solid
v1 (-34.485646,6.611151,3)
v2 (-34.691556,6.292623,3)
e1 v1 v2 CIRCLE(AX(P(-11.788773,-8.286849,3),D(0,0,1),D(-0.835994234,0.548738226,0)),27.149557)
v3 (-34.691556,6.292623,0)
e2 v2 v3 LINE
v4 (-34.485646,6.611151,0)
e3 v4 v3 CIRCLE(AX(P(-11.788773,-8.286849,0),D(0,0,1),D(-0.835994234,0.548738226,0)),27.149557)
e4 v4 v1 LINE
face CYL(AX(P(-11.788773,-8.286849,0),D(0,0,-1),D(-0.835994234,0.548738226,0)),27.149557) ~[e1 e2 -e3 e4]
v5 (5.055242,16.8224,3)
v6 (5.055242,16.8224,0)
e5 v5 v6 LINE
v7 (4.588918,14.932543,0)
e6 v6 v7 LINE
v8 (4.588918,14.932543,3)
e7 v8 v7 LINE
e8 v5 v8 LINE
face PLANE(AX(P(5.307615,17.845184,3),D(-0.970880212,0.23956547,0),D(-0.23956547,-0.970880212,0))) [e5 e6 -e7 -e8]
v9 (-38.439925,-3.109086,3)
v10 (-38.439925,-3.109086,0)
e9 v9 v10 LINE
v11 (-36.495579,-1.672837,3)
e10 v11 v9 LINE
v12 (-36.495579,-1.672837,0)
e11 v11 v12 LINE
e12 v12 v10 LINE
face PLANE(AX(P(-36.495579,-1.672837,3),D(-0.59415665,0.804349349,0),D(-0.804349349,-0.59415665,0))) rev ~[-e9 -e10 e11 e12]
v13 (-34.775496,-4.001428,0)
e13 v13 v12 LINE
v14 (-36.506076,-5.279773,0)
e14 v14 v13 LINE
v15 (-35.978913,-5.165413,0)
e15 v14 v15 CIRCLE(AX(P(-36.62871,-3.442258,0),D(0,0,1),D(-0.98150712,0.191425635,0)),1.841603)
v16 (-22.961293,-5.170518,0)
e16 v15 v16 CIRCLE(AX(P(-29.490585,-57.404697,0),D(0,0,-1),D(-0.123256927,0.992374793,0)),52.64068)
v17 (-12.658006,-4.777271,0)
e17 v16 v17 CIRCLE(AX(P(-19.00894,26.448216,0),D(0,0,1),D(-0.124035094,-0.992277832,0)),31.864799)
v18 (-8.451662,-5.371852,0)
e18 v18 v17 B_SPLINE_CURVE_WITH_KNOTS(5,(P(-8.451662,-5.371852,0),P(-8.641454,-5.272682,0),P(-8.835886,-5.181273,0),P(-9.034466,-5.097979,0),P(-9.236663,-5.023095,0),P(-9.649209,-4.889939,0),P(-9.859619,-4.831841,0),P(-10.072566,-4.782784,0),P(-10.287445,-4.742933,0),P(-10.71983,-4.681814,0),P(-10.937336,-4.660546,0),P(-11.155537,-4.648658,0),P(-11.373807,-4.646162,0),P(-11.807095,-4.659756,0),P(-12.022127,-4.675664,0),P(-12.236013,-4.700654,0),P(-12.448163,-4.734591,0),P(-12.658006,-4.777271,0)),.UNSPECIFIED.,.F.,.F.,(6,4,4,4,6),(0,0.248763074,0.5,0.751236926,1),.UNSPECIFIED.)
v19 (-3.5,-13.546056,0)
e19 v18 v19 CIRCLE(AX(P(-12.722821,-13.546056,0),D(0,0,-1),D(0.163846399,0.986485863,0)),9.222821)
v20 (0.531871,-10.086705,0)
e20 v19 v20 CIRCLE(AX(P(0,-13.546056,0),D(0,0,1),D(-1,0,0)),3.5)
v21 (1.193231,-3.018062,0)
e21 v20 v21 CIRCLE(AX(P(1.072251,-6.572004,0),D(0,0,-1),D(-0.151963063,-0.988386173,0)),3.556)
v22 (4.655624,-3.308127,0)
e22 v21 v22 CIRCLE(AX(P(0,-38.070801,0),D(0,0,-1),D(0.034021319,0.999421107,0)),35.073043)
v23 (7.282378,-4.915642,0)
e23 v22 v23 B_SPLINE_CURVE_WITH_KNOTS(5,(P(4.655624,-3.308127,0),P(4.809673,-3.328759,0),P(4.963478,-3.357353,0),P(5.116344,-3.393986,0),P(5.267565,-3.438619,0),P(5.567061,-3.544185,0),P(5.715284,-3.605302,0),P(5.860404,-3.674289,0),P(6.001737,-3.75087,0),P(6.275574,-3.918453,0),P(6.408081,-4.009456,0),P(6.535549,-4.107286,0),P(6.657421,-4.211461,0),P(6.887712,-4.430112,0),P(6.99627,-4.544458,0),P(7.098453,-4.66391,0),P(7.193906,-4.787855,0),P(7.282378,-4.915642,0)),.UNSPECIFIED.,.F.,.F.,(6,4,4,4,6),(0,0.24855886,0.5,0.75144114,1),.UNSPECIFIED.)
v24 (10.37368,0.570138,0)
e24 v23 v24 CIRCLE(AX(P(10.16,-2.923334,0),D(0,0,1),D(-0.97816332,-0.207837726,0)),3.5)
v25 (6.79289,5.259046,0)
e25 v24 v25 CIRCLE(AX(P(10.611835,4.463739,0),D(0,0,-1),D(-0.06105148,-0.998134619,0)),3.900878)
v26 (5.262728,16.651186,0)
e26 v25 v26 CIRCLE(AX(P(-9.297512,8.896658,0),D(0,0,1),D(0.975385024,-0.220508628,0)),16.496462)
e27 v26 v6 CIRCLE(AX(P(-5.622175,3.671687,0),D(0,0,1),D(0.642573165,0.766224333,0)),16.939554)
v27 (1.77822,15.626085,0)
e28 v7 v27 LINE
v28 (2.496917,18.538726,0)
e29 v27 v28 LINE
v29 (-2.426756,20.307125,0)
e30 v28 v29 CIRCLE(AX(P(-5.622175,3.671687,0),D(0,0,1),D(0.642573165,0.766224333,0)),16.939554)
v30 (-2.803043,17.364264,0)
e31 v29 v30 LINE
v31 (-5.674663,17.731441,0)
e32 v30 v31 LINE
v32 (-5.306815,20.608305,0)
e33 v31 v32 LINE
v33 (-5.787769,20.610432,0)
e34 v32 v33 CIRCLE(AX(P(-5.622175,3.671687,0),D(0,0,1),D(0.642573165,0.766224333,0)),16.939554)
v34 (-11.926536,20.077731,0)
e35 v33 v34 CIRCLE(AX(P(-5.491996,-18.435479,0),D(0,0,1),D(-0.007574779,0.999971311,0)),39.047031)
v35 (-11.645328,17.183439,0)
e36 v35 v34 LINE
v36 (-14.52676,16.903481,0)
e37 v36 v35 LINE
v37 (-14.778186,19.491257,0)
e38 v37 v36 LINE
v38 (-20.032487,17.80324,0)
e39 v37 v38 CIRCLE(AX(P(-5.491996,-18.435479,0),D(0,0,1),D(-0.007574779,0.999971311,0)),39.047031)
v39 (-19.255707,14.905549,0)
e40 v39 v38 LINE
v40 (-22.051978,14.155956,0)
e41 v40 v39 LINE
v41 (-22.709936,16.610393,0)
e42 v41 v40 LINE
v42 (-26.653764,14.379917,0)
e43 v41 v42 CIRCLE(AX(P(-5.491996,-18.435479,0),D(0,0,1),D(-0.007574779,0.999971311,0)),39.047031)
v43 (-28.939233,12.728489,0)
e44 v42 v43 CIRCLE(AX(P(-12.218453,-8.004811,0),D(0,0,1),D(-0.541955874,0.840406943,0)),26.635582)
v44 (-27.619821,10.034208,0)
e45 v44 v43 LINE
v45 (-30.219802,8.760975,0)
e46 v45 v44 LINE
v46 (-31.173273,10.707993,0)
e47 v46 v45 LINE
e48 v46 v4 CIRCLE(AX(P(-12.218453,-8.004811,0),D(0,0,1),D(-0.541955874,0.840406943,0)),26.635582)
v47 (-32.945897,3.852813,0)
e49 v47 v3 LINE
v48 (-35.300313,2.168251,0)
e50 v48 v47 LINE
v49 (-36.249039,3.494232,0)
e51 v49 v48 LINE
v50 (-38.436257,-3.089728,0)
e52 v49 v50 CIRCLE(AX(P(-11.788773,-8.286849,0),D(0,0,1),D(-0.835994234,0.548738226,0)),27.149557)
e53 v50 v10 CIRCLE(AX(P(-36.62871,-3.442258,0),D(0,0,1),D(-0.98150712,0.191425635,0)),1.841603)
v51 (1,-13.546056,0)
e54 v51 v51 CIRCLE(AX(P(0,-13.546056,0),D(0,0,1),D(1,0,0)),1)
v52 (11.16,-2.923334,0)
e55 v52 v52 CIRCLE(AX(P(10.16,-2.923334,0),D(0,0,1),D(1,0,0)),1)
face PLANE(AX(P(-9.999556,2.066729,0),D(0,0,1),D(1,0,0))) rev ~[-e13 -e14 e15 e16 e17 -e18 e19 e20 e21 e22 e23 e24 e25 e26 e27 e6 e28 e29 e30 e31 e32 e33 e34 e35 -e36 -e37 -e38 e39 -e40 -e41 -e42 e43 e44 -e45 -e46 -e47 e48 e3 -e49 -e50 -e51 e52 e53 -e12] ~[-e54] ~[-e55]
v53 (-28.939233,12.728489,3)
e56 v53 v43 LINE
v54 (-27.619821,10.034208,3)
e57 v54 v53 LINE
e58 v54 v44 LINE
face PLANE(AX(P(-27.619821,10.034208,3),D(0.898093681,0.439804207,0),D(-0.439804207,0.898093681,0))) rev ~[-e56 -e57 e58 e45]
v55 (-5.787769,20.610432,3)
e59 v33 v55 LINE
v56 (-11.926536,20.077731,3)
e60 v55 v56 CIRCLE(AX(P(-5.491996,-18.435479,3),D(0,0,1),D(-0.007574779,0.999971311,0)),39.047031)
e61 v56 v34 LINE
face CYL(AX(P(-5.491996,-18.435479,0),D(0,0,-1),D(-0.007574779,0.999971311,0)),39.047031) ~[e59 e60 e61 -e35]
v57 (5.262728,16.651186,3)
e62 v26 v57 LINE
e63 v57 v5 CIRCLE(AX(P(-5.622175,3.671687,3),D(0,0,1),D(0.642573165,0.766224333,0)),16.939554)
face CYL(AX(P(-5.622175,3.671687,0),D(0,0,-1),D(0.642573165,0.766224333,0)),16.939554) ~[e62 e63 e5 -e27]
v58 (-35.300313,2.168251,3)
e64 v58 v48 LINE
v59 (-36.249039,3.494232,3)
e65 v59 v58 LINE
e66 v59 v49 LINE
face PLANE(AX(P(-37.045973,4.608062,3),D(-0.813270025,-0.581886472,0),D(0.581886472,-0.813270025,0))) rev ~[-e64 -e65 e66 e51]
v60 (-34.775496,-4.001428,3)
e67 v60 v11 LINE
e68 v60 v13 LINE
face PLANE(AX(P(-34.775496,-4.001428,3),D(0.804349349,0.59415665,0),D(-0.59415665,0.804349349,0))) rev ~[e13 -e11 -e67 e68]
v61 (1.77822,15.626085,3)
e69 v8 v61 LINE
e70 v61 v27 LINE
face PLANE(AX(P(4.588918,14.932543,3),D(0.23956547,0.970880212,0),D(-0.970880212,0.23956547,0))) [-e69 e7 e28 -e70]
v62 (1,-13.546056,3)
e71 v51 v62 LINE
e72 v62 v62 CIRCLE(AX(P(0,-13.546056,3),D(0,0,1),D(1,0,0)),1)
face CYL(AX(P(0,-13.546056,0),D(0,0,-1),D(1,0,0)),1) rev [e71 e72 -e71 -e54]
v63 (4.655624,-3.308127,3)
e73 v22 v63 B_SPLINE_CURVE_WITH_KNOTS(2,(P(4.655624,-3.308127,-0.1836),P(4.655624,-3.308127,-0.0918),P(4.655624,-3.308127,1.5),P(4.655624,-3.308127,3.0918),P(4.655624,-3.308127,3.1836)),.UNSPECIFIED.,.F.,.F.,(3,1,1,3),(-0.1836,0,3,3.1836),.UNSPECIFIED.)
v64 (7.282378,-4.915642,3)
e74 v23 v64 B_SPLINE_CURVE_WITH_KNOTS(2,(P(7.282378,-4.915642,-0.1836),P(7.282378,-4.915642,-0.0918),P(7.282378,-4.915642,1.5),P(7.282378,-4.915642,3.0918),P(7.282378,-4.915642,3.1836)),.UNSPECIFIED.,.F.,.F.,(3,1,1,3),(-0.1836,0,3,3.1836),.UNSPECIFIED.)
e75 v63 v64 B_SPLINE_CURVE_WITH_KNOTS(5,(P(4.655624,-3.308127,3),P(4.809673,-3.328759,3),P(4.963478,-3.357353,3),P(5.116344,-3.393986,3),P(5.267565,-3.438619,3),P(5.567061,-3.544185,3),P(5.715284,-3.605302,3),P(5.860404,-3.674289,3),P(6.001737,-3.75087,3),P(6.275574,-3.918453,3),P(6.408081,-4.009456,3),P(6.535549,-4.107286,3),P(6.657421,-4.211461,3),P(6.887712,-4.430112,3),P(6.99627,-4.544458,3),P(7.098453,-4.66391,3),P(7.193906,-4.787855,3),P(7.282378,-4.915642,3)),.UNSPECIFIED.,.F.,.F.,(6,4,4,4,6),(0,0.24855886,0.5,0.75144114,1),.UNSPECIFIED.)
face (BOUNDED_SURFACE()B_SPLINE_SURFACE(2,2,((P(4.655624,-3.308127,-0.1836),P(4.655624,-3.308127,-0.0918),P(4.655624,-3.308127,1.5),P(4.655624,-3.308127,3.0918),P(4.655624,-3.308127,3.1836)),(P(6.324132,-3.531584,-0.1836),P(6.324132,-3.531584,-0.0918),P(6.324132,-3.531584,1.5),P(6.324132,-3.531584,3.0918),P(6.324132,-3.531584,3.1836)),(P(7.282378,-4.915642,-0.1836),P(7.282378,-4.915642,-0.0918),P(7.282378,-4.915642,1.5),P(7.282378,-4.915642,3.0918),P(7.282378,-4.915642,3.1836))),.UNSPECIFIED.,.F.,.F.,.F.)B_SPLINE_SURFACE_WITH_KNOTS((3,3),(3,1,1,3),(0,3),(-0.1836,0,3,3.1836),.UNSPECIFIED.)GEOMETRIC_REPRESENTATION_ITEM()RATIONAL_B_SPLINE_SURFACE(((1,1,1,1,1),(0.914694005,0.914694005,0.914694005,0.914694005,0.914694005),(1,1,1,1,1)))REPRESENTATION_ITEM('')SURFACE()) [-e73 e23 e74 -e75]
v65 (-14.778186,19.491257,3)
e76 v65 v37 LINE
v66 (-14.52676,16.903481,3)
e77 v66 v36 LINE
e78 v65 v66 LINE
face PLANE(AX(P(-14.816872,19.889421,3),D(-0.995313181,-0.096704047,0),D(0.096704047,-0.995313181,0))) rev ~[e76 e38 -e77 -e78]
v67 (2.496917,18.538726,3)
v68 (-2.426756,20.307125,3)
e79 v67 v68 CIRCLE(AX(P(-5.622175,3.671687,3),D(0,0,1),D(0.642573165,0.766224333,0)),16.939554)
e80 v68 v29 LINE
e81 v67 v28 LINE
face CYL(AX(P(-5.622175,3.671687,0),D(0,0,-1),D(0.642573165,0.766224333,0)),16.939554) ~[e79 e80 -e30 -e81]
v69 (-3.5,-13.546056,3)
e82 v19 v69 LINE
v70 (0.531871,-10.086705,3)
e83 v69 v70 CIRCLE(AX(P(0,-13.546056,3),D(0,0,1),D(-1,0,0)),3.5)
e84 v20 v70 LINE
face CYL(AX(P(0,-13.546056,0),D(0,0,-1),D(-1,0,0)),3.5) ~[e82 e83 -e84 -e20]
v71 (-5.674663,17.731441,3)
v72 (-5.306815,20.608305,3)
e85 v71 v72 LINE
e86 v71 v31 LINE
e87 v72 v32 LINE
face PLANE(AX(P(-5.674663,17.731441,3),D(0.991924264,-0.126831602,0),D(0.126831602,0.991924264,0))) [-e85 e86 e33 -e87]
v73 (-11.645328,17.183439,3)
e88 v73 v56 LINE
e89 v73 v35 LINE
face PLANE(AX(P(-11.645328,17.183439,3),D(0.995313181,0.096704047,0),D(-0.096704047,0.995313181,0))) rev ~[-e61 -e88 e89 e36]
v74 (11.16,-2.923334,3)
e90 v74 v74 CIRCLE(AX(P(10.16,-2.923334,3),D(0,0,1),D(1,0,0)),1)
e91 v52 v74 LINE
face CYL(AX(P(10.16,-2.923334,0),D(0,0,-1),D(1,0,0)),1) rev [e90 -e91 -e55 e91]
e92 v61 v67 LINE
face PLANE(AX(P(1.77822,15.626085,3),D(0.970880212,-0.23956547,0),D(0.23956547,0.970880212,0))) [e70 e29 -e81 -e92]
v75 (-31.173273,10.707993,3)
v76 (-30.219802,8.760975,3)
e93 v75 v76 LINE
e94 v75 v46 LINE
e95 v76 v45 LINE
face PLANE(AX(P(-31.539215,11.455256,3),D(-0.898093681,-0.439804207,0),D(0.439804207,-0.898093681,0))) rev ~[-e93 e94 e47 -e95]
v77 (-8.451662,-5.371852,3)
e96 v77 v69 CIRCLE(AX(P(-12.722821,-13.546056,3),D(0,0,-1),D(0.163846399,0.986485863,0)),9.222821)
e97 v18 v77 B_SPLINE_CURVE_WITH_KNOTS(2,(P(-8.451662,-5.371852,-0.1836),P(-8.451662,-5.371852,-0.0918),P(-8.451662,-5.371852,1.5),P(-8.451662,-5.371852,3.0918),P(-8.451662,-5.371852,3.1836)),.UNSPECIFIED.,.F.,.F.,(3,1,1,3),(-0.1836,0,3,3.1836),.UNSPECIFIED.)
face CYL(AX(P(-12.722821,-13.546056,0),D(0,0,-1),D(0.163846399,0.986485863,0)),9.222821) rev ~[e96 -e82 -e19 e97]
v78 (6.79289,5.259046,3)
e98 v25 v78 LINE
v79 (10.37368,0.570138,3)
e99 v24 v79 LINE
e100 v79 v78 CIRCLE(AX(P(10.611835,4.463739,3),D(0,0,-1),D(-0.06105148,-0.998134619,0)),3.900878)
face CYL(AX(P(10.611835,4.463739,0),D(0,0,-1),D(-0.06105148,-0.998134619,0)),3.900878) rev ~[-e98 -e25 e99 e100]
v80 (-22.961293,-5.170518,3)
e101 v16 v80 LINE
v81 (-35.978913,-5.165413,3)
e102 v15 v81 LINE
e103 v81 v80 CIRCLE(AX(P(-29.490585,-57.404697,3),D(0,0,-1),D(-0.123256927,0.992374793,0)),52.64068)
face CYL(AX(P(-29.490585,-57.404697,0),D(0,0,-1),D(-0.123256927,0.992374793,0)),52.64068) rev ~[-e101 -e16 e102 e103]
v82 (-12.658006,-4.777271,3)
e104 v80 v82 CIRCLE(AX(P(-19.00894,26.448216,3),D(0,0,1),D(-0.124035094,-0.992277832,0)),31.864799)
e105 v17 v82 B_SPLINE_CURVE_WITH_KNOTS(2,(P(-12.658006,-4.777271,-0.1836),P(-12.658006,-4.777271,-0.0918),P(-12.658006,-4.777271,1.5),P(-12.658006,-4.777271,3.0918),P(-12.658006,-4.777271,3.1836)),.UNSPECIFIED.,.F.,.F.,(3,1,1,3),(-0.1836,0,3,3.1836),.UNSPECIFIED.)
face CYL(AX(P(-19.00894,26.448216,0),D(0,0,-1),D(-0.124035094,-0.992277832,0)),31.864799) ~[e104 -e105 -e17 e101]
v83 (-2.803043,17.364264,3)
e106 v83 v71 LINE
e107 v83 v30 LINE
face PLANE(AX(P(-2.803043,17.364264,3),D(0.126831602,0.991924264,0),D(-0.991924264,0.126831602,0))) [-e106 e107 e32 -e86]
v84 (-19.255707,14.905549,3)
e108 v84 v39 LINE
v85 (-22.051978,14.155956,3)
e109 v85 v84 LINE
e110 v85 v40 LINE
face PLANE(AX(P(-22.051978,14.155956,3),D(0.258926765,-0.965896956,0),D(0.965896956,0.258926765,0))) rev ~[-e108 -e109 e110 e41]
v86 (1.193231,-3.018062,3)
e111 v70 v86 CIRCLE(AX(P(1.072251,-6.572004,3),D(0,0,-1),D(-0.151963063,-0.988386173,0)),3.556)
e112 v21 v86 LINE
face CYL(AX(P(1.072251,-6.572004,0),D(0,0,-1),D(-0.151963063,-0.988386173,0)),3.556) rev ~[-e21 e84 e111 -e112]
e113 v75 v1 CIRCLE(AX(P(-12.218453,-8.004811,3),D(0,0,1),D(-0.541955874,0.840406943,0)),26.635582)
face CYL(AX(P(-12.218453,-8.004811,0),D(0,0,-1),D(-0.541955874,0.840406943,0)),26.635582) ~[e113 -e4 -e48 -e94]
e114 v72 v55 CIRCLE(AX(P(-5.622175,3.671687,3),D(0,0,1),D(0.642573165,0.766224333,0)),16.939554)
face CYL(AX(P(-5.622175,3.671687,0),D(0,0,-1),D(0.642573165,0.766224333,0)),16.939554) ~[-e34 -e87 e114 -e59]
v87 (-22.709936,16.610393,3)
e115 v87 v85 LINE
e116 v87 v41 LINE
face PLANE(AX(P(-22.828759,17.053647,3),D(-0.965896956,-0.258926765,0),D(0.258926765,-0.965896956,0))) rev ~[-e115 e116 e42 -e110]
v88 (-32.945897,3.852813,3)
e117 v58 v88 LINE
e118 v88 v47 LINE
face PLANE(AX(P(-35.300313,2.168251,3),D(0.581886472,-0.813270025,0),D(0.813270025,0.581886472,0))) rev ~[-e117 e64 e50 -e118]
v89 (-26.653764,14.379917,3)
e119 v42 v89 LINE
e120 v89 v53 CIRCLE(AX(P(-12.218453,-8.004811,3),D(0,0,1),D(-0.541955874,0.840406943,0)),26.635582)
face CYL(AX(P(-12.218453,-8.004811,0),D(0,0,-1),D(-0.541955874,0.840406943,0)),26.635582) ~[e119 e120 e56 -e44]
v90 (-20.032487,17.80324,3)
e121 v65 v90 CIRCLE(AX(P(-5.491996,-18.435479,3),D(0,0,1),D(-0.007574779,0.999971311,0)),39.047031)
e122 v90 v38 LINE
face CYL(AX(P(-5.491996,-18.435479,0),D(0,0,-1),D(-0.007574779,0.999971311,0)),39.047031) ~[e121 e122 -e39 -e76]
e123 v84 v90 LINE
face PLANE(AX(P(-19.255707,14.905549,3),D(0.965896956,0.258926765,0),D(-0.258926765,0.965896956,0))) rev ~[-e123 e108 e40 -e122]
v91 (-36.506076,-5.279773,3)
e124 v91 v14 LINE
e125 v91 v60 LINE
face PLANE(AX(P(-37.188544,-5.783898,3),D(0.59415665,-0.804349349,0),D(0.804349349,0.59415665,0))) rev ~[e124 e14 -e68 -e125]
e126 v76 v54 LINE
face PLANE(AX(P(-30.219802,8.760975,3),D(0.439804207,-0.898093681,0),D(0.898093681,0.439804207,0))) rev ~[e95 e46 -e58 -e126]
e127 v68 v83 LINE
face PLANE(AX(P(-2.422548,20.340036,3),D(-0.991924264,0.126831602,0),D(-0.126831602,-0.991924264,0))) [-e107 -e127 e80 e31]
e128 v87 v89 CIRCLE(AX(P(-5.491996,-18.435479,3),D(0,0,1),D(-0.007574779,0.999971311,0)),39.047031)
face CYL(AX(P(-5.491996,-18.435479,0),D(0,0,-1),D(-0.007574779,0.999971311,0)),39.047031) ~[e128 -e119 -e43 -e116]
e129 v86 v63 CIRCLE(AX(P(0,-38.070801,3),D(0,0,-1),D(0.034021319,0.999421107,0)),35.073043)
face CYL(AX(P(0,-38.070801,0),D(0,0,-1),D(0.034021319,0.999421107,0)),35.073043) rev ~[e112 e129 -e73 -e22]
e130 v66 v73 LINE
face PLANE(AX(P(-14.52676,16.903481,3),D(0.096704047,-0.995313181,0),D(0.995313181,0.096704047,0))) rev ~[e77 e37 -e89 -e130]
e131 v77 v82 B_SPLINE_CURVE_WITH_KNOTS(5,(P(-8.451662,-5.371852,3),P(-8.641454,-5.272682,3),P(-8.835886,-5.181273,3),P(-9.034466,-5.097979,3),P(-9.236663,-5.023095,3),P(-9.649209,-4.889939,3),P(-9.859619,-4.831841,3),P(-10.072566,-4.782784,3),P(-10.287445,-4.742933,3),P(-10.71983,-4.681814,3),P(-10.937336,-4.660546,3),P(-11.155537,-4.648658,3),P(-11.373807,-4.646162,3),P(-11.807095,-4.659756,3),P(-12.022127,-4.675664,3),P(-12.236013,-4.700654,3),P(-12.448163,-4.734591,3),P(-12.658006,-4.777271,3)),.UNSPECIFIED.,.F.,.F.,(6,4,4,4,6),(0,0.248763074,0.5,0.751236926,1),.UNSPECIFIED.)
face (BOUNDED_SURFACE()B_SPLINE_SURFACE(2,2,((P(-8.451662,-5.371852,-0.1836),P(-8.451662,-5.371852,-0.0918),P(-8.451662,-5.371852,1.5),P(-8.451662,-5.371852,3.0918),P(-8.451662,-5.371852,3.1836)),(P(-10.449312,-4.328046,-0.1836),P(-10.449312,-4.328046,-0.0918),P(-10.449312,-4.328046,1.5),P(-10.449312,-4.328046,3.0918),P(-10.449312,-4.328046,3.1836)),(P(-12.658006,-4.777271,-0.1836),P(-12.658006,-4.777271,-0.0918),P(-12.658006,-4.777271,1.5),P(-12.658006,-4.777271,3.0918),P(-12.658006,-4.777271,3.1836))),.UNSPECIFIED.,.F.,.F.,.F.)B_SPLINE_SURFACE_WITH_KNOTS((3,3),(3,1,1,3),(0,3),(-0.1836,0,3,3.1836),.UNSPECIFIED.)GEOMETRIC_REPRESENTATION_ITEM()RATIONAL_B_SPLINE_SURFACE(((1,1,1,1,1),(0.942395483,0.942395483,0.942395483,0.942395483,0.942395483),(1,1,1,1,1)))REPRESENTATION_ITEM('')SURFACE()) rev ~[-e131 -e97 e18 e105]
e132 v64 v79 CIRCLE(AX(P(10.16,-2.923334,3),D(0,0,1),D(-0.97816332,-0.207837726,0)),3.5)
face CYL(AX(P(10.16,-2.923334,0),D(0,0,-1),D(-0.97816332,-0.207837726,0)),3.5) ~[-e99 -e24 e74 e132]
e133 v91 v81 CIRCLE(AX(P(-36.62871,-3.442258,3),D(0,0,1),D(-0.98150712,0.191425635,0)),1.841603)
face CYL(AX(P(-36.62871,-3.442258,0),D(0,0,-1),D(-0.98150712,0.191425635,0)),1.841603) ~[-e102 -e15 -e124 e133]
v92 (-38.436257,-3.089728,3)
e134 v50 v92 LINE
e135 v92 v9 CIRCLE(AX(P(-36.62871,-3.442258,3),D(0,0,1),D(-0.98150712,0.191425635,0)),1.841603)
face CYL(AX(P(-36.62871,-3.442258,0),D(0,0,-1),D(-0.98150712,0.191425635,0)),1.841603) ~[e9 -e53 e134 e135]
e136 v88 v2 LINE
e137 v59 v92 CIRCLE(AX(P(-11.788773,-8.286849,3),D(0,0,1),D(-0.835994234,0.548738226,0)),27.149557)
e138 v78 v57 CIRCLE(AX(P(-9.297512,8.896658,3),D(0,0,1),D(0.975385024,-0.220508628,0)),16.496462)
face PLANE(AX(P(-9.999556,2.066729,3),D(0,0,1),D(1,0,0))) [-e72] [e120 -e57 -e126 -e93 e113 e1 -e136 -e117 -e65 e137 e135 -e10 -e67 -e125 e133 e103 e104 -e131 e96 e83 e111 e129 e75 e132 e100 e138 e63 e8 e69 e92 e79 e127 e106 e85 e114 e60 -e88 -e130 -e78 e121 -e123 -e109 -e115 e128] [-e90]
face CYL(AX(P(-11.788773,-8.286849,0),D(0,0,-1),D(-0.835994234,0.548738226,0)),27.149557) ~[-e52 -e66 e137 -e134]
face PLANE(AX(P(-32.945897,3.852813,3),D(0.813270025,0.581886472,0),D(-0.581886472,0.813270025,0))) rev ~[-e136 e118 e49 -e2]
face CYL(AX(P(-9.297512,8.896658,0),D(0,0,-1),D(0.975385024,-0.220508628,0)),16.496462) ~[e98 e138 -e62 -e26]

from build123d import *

# Parameters (mm, degrees)
SKETCH_1_R          = 1
EXTRUDE_1_DEPTH     = 3
CUT_EXTRUDE_1_DEPTH = 3
FILLET_1_R          = 6.35
FILLET_2_R          = 3.81


with BuildPart() as part:
    # 스케치1 → 보스-돌출1 (new body)
    with BuildSketch(Plane.XY):
        with BuildLine():
            ThreePointArc((0.531870722, -10.086704765), (-2.468285539, -6.240741756), (1.193231186, -3.018062075))
            ThreePointArc((1.193231186, -3.018062075), (3.977430532, -3.224017026), (6.736428382, -3.650765557))
            ThreePointArc((6.736428382, -3.650765557), (12.811387699, -5.208096803), (10.373680181, 0.570137648))
            ThreePointArc((10.373680181, 0.570137648), (7.511596171, 2.096172534), (6.79289024, 5.259046091))
            ThreePointArc((6.79289024, 5.259046091), (7.052126243, 11.092699457), (5.26272755, 16.651185512))
            ThreePointArc((5.26272755, 16.651185512), (0.091388125, 19.61858906), (-5.787768566, 20.610431722))
            ThreePointArc((-5.787768566, 20.610431722), (-16.663895396, 18.979214467), (-26.65376361, 14.379916953))
            ThreePointArc((-26.65376361, 14.379916953), (-30.97630157, 10.905433837), (-34.485646455, 6.611150914))
            ThreePointArc((-34.485646455, 6.611150914), (-36.933218927, 1.953038955), (-38.436256849, -3.089727649))
            ThreePointArc((-38.436256849, -3.089727649), (-37.817076352, -4.849129426), (-35.97891327, -5.165413449))
            ThreePointArc((-35.97891327, -5.165413449), (-29.469944847, -4.76402142), (-22.96129319, -5.170517559))
            ThreePointArc((-22.96129319, -5.170517559), (-17.052833669, -5.356485804), (-11.211694851, -4.447874001))
            ThreePointArc((-11.211694851, -4.447874001), (-5.68729426, -7.582685682), (-3.5, -13.546056371))
            ThreePointArc((-3.5, -13.546056371), (2.279084517, -16.20232702), (0.531870722, -10.086704765))
        make_face()
        with Locations((10.16, -2.923333517)):
            Circle(SKETCH_1_R, mode=Mode.SUBTRACT)
        with Locations((0, -13.546056371)):
            Circle(SKETCH_1_R, mode=Mode.SUBTRACT)
    extrude(amount=EXTRUDE_1_DEPTH)

    # 스케치3 → 컷-돌출1 (cut)
    with BuildSketch(Plane.XY.offset(3)):
        Polygon((-37.188543837, -5.783898323), (-34.775495789, -4.001428374), (-36.49557929, -1.672837008), (-38.908627338, -3.455306957), align=None)
        Polygon((-35.300313228, 2.168251474), (-32.945896506, 3.852812812), (-34.691555923, 6.292622886), (-37.045972645, 4.608061549), align=None)
        Polygon((-30.219801903, 8.760975192), (-27.619820697, 10.03420837), (-28.939233317, 12.728489413), (-31.539214523, 11.455256235), align=None)
        Polygon((-22.051978234, 14.155956059), (-19.255706545, 14.905549044), (-20.032486841, 17.803239913), (-22.828758529, 17.053646929), align=None)
        Polygon((-14.526759613, 16.903481061), (-11.645327955, 17.183439276), (-11.935440095, 20.169378818), (-14.816871753, 19.889420603), align=None)
        Polygon((-5.294168633, 20.707213916), (-2.42254789, 20.340036428), (-2.803042696, 17.364263637), (-5.674663439, 17.731441125), align=None)
        Polygon((2.496916602, 18.538725662), (5.307614816, 17.845183627), (4.588918406, 14.932542992), (1.778220193, 15.626085027), align=None)
    extrude(amount=-CUT_EXTRUDE_1_DEPTH, mode=Mode.SUBTRACT)

    # 필렛1
    fillet_1_edges = [part.edges().sort_by_distance(p)[0] for p in [
        (-11.211694851, -4.447874001, 1.5),
    ]]
    fillet(fillet_1_edges, radius=FILLET_1_R)

    # 필렛2
    fillet_2_edges = [part.edges().sort_by_distance(p)[0] for p in [
        (6.736428382, -3.650765557, 1.5),
    ]]
    fillet(fillet_2_edges, radius=FILLET_2_R)


solid = part.part
